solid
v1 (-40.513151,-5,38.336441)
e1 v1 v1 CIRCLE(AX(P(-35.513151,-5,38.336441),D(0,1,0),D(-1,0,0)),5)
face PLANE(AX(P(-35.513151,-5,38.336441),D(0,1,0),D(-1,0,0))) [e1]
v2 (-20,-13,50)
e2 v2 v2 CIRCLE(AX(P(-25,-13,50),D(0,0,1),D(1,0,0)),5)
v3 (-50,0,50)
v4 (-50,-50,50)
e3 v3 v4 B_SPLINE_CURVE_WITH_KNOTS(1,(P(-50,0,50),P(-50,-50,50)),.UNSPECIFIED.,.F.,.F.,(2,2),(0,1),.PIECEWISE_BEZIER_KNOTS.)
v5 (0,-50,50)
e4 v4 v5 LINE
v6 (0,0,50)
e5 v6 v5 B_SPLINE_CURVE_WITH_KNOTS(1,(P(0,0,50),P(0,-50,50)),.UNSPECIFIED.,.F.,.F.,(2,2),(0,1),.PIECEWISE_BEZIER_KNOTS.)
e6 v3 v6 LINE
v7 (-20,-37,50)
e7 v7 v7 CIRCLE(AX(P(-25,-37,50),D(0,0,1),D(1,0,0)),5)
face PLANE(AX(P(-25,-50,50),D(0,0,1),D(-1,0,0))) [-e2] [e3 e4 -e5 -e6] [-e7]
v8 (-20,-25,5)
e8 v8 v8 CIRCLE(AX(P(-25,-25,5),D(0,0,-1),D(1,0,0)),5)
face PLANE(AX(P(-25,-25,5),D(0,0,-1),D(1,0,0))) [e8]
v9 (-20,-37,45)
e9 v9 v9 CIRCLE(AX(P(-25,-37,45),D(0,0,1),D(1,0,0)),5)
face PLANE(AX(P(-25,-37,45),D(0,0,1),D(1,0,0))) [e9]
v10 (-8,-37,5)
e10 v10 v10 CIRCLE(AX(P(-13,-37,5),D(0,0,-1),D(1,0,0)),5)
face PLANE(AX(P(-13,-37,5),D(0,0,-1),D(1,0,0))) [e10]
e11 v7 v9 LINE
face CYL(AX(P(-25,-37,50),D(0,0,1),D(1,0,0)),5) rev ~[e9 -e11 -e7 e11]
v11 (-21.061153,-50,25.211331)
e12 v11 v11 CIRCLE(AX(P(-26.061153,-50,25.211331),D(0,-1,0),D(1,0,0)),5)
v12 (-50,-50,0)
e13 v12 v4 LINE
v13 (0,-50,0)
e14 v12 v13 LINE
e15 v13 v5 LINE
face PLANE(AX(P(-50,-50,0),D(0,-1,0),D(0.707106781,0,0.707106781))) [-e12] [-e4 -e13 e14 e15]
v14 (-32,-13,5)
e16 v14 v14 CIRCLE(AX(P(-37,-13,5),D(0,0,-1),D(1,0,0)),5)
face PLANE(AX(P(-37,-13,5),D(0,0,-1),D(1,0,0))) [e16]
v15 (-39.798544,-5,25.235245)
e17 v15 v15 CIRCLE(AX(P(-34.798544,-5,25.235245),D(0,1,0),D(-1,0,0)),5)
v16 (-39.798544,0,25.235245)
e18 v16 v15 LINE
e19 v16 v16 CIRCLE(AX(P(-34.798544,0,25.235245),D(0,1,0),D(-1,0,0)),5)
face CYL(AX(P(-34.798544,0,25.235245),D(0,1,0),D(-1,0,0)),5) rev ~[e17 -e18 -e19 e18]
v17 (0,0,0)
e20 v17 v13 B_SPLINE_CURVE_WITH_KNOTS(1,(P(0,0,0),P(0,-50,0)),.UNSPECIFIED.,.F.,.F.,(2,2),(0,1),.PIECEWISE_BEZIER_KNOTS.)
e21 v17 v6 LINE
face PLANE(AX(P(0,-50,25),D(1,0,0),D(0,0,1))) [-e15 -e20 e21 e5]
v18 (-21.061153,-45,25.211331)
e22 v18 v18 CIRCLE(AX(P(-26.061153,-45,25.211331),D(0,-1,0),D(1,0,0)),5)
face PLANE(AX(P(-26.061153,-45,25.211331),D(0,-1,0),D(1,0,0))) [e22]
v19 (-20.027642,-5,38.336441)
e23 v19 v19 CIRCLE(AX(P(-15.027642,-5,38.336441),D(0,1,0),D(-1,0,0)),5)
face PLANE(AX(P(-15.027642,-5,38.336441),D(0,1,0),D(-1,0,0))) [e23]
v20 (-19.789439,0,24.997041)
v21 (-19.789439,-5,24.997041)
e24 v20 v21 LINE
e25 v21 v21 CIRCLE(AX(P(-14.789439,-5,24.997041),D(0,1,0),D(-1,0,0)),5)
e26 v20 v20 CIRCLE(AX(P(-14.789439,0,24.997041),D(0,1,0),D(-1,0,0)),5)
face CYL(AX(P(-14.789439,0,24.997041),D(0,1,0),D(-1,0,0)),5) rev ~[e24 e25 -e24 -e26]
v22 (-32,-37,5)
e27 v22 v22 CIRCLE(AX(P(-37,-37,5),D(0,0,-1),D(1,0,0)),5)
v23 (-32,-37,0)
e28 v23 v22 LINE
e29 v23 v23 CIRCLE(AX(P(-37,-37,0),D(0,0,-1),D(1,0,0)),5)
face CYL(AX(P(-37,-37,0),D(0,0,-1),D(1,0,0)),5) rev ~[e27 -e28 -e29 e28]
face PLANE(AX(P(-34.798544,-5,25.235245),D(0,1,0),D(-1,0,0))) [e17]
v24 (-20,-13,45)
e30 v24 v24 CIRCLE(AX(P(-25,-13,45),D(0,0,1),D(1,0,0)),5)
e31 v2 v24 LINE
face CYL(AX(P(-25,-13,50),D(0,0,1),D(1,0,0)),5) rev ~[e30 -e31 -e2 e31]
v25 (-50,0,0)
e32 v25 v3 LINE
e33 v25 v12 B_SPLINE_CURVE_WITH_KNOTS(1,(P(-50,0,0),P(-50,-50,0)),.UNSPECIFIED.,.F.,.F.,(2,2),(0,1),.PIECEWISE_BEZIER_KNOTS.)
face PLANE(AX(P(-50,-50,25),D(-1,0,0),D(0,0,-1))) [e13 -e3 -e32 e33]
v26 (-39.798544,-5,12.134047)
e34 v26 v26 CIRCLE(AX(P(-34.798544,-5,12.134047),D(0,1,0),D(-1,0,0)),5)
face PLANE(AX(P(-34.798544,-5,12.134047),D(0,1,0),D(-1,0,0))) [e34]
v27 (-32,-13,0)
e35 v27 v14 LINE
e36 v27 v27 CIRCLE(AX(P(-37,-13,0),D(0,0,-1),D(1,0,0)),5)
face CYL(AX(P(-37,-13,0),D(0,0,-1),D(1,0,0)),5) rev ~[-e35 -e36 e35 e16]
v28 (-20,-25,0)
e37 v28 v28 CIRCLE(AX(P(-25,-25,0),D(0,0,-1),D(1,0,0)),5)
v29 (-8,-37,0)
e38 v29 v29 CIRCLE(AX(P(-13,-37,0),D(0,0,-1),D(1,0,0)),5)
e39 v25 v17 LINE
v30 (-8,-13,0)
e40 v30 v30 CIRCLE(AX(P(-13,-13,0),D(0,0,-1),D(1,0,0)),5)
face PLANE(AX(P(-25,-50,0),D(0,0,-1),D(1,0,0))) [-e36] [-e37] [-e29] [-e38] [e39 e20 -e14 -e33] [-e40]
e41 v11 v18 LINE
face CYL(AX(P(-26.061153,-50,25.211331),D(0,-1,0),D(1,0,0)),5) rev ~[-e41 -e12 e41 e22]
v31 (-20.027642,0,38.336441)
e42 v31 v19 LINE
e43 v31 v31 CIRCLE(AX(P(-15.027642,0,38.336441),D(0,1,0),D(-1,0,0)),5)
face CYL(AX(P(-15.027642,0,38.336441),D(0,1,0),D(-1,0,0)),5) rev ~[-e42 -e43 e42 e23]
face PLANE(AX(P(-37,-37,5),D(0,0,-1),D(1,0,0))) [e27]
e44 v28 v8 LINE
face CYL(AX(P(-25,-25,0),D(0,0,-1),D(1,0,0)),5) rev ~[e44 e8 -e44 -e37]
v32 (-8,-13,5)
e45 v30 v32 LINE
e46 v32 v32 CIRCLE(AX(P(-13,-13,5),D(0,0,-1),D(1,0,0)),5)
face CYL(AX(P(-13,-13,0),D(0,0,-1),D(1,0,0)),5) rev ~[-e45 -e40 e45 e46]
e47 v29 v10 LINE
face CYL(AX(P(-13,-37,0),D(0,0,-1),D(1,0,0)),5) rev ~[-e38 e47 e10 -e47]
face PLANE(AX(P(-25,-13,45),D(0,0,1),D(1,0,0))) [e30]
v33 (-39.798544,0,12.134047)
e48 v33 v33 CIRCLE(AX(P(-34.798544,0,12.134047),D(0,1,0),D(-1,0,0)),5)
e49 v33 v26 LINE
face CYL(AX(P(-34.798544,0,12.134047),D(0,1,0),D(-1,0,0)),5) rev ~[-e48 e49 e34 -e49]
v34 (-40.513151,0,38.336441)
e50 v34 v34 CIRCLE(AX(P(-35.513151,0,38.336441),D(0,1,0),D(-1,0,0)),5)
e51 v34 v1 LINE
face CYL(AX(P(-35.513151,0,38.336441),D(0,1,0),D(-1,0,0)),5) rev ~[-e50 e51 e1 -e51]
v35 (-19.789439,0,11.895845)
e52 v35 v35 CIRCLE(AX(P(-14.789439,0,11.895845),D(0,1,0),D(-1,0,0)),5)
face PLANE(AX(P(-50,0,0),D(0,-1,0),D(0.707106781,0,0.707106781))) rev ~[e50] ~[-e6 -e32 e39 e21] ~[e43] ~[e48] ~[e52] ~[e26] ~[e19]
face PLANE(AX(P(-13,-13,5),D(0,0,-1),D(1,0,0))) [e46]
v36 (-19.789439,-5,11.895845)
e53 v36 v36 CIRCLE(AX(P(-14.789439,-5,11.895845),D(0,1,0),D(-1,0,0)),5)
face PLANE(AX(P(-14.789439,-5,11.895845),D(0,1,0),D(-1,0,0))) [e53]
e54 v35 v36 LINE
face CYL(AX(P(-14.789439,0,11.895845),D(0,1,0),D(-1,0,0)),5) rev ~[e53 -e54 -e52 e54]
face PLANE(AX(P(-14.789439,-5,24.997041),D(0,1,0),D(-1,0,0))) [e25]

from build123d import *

# Parameters (mm, degrees)
F0_W      = 50
F0_H      = 50
F2_W      = 50
F2_H      = 50
F4_R      = 5
F5_DEPTH  = 5
F6_R      = 5
F7_DEPTH  = 5
F9_R      = 5
F10_DEPTH = 5
F11_R     = 5
F12_DEPTH = 5


with BuildPart() as f3:
    # F0 (on Front) → F3 section 0
    with BuildSketch(Plane.XZ):
        with Locations((-25, 25)):
            Rectangle(F0_W, F0_H)
    # F2 (on offset) → F3 section 1
    with BuildSketch(Plane.XZ.offset(50)):
        with Locations((-25, 25)):
            Rectangle(F2_W, F2_H)
    loft()

    # F4 (on face) → F5 (cut)
    with BuildSketch(Plane.XZ.offset(50)):
        with Locations((-26.061153, 25.211331)):
            Circle(F4_R)
    extrude(amount=-F5_DEPTH, mode=Mode.SUBTRACT)

    # F6 (on face) → F7 (cut)
    with BuildSketch(Plane(origin=(0, 0, 0), x_dir=(1, 0, 0), z_dir=(0, 0, -1))):
        with Locations((-25, 25)):
            Circle(F6_R)
        with Locations((-37, 37)):
            Circle(F6_R)
        with Locations((-13, 37)):
            Circle(F6_R)
        with Locations((-13, 13)):
            Circle(F6_R)
        with Locations((-37, 13)):
            Circle(F6_R)
    extrude(amount=-F7_DEPTH, mode=Mode.SUBTRACT)

    # F9 (on face) → F10 (cut)
    with BuildSketch(Plane(origin=(0, 0, 0), x_dir=(-1, 0, 0), z_dir=(0, 1, 0))):
        with Locations((15.027642, 38.336441)):
            Circle(F9_R)
        with Locations((14.789439, 24.997041)):
            Circle(F9_R)
        with Locations((14.789439, 11.895845)):
            Circle(F9_R)
        with Locations((35.513151, 38.336441)):
            Circle(F9_R)
        with Locations((34.798544, 25.235245)):
            Circle(F9_R)
        with Locations((34.798544, 12.134047)):
            Circle(F9_R)
    extrude(amount=-F10_DEPTH, mode=Mode.SUBTRACT)

    # F11 (on face) → F12 (cut)
    with BuildSketch(Plane.XY.offset(50)):
        with Locations((-25, -37)):
            Circle(F11_R)
        with Locations((-25, -13)):
            Circle(F11_R)
    extrude(amount=-F12_DEPTH, mode=Mode.SUBTRACT)


solid = f3.part
